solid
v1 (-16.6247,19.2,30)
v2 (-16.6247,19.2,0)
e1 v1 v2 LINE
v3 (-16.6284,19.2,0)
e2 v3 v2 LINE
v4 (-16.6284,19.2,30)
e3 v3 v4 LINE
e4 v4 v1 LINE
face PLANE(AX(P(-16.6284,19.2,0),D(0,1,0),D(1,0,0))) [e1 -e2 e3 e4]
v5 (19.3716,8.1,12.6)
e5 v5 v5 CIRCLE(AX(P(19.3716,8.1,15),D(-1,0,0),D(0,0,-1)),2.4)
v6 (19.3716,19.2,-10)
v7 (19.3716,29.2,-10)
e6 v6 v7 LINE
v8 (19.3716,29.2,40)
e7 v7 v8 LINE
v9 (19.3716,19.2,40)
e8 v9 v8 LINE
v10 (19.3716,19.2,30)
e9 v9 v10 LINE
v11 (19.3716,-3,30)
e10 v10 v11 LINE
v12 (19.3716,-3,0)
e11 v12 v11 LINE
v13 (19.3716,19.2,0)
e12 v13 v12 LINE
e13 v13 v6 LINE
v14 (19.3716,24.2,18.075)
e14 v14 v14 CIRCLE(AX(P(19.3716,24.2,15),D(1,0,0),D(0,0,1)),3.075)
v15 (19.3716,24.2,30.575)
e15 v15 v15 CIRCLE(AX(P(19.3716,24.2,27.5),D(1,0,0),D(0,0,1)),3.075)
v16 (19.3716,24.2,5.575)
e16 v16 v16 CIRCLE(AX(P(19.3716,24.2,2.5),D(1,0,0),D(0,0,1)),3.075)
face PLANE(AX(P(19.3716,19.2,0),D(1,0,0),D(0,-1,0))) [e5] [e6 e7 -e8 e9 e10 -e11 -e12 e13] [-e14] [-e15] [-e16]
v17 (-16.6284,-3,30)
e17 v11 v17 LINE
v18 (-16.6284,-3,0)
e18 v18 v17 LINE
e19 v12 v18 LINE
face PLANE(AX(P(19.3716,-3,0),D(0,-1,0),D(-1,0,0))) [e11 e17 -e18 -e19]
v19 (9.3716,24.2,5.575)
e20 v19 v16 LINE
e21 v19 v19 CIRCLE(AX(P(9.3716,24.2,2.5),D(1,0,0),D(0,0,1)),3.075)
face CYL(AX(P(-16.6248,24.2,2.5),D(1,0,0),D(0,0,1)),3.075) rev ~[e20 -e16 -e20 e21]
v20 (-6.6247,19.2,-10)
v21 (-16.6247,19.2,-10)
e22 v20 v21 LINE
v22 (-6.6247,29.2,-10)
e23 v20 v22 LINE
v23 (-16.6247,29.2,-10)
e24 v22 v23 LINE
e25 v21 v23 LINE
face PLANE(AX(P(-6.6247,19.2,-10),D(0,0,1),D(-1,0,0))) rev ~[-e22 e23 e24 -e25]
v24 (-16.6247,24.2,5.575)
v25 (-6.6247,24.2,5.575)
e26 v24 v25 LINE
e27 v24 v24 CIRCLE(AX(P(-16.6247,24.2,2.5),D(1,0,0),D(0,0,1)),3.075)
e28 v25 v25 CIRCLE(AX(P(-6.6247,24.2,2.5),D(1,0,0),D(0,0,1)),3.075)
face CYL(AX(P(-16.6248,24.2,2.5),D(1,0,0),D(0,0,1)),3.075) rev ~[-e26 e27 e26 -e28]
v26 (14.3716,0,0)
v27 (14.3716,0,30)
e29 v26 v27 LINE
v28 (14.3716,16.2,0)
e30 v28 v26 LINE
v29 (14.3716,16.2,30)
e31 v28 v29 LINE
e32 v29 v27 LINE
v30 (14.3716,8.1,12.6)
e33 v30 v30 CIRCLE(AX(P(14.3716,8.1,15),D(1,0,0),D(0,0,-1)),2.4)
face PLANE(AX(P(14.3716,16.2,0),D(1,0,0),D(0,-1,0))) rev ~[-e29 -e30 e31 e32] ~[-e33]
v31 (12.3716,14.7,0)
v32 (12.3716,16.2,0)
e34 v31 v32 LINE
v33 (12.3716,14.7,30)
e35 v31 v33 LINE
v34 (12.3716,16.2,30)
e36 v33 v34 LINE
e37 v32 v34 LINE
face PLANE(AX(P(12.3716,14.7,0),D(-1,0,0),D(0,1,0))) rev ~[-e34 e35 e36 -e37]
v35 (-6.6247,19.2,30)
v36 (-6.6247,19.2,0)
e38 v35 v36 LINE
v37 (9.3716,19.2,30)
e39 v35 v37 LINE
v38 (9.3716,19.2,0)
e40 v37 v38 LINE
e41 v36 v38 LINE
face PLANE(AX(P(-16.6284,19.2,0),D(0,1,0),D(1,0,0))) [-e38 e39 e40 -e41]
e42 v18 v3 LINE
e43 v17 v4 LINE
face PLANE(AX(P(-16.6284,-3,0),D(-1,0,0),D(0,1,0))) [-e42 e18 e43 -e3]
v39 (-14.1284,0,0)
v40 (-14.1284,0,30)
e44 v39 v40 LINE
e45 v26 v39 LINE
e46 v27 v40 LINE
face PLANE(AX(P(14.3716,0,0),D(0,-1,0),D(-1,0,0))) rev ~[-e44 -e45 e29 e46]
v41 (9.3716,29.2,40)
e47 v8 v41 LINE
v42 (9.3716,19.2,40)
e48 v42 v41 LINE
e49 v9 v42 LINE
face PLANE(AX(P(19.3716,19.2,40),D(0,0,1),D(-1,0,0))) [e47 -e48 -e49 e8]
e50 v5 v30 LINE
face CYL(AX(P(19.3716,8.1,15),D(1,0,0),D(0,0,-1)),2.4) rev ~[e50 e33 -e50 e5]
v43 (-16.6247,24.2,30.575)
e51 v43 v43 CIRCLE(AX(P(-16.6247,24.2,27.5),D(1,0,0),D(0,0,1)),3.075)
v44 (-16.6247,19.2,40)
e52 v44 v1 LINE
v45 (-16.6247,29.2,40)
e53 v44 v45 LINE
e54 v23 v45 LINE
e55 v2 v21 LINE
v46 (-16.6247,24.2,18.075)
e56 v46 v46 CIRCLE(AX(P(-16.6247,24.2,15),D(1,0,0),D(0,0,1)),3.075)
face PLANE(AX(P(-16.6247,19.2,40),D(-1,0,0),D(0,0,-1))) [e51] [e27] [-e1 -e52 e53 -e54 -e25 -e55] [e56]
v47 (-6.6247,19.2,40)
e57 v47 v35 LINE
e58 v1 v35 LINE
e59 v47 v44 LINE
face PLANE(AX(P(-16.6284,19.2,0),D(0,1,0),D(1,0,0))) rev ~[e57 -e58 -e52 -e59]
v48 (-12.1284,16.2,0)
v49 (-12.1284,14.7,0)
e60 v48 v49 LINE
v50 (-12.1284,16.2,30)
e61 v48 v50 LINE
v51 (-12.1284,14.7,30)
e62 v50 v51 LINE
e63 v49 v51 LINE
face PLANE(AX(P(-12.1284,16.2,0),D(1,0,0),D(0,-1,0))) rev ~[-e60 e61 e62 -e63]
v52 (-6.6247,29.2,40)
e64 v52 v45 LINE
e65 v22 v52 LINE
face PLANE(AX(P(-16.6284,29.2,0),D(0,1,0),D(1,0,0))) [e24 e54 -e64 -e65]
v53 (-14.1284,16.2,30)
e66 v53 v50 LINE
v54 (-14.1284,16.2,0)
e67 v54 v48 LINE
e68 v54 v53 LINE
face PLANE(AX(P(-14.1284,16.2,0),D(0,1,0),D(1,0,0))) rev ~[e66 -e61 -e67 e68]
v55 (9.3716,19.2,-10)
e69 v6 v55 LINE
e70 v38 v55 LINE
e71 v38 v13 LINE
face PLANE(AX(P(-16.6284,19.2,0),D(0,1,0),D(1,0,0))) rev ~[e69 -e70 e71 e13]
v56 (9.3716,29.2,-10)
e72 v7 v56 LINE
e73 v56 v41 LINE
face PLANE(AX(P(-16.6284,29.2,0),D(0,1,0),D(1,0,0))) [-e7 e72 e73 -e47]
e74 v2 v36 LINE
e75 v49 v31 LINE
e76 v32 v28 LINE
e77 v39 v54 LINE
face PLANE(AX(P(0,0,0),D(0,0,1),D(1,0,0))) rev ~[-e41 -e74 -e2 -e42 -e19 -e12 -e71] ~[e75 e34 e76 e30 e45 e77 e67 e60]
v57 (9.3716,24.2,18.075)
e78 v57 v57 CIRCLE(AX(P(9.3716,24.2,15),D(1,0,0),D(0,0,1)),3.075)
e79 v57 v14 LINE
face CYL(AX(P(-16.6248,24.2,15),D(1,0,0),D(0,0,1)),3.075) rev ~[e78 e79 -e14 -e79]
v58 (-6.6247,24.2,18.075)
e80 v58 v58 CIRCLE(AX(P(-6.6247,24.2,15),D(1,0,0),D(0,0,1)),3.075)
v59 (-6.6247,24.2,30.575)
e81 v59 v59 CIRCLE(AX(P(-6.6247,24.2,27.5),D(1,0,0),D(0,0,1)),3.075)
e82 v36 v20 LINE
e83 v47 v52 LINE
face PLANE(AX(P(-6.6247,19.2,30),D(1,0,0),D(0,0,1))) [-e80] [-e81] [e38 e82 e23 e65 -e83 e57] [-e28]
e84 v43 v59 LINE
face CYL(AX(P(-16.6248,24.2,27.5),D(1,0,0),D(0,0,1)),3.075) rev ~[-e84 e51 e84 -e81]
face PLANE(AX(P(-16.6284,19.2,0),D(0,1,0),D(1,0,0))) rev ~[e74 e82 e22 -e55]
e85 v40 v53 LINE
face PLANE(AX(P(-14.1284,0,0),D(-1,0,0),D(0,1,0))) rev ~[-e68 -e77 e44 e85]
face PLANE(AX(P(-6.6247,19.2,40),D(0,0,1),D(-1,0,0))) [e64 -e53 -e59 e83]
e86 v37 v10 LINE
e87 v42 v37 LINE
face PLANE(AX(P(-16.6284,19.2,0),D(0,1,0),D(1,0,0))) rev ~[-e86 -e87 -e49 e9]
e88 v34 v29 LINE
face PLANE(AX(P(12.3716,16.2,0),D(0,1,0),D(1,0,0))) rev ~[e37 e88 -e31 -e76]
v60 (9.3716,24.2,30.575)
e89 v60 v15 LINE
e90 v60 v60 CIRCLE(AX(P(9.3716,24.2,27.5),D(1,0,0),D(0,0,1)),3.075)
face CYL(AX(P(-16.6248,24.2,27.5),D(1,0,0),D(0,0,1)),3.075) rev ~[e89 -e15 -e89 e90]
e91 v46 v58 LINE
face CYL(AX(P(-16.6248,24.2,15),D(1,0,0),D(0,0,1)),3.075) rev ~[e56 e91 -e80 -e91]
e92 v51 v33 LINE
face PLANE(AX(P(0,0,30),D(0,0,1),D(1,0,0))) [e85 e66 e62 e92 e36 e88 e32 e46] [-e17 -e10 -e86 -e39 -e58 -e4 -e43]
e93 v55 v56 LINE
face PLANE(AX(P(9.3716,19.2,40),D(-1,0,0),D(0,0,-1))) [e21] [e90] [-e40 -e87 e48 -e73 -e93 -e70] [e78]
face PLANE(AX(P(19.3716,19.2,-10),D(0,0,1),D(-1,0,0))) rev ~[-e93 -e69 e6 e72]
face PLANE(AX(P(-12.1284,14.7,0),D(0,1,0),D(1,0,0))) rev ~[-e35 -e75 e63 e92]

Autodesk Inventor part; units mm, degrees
ref_plane "YZ Plane" through (0, 0, 0) normal (1, 0, 0) x (0, 1, 0)
ref_plane "XZ Plane" through (0, 0, 0) normal (0, 1, 0) x (-1, 0, 0)
ref_plane "XY Plane" through (0, 0, 0) normal (0, 0, 1) x (1, 0, 0)
sketch "Skizze1" plane through (0, 0, 0) normal (0, 0, 1) x (1, 0, 0)
  line L0 (-14.1284, 0) -> (-14.1284, 16.2)
  line L1 (-14.1284, 16.2) -> (-12.1284, 16.2)
  line L2 (-12.1284, 16.2) -> (-12.1284, 1.6)
  line L3 (-12.1284, 1.6) -> (12.3716, 1.6)
  line L4 (12.3716, 1.6) -> (12.3716, 16.2)
  line L5 (12.3716, 16.2) -> (14.3716, 16.2)
  line L6 (14.3716, 16.2) -> (14.3716, 0)
  line L7 (14.3716, 0) -> (-14.1284, 0)
  line L8 (-16.6284, 19.2) -> (19.3716, 19.2)
  line L9 (19.3716, 19.2) -> (19.3716, -3)
  line L10 (19.3716, -3) -> (-16.6284, -3)
  line L11 (-16.6284, -3) -> (-16.6284, 19.2)
  line L12 (-12.1284, 14.7) -> (12.3716, 14.7)
  point P0 (0, 0)
  dimension "d1" = 2
  dimension "d3" = 2
  dimension "d4" = 1.6
  dimension "d5" = 3
  dimension "d7" = 2.5
  dimension "d8" = 5
  dimension "d9" = 1.5
  dimension "d26" = 3
  dimension "d27" = 28.5
  dimension "d28" = 16.2
extrude "Extrusion1" add sketch "Skizze1" along normal blind 30
ref_plane "Arbeitsebene1" through (19.3716, -1, 28) normal (1, 0, 0) x (0, 0, -1)
sketch "Skizze5" plane through (19.3716, -1, 28) normal (1, 0, 0) x (0, 0, -1)
  circle A0 centre (13, 9.1) radius 2.4
  line L0 (13, 9.1) -> (-2, 9.1)
  line L1 (-2, 18.2) -> (-2, 0) projected
  line L2 (13, 9.1) -> (13, 20.2)
  line L3 (8, 20.2) -> (18, 20.2) projected
  line L4 (13, 9.1) -> (28, 9.1)
  point P0 (28, 1)
  dimension "d31" = 4.8
  dimension "d32" = 90
  dimension "d35" = 15
extrude "Extrusion5" cut sketch "Skizze5" against normal blind 10
sketch "Skizze6" plane through (-16.6284, 19.2, 0) normal (0, 1, 0) x (1, 0, 0)
  line L0 (36, -30) -> (0, -30) projected
  line L1 (36, -30) -> (26, -30)
  line L2 (26, -30) -> (26, 0)
  line L3 (26, 0) -> (36, 0)
  line L4 (36, 0) -> (36, -30)
  line L5 (0.0037, -30) -> (10.0037, -30)
  line L6 (10.0037, -30) -> (10.0037, 0)
  line L7 (10.0037, 0) -> (0.0037, 0)
  line L8 (0.0037, 0) -> (0.0037, -30)
  line L9 (26, -30) -> (36, -30)
  line L10 (36, -30) -> (36, -40)
  line L11 (36, -40) -> (26, -40)
  line L12 (26, -40) -> (26, -30)
  line L13 (26, 0) -> (36, 0)
  line L14 (36, 0) -> (36, 10)
  line L15 (36, 10) -> (26, 10)
  line L16 (26, 10) -> (26, 0)
  line L17 (0.0037, 0) -> (10.0037, 0)
  line L18 (10.0037, 0) -> (10.0037, 10)
  line L19 (10.0037, 10) -> (0.0037, 10)
  line L20 (0.0037, 10) -> (0.0037, 0)
  line L21 (0.0037, -30) -> (10.0037, -30)
  line L22 (10.0037, -30) -> (10.0037, -40)
  line L23 (10.0037, -40) -> (0.0037, -40)
  line L24 (0.0037, -40) -> (0.0037, -30)
  point P0 (16.6284, 0)
  dimension "d36" = 10
  dimension "d37" = 30
  dimension "d38" = 10
  dimension "d39" = 30
  dimension "d40" = 10
  dimension "d41" = 10
  dimension "d42" = 10
  dimension "d43" = 10
  dimension "d44" = 10
  dimension "d45" = 10
  dimension "d46" = 10
  dimension "d47" = 10
extrude "Extrusion7" add sketch "Skizze6" along normal blind 10
sketch "Skizze8" plane through (-16.6248, 19.2, 30) normal (-1, 0, 0) x (0, 0, 1)
  line L0 (-40, 0) -> (-40, 10) projected
  point P0 (-30, -19.2)
  point P1 (-27.5, 5)
  point P2 (-15, 5)
  point P3 (-2.5, 5)
  dimension "d52" = 12.5
  dimension "d53" = 12.5
  dimension "d54" = 12.5
hole "Bohrung1" at (-16.6248, 24.2, 2.5) at (-16.6248, 24.2, 15) at (-16.6248, 24.2, 27.5) direction (1, 0, 0) diameter 6.15 end through all
properties part number "Objektträgerhalter 2 6,15mm"
